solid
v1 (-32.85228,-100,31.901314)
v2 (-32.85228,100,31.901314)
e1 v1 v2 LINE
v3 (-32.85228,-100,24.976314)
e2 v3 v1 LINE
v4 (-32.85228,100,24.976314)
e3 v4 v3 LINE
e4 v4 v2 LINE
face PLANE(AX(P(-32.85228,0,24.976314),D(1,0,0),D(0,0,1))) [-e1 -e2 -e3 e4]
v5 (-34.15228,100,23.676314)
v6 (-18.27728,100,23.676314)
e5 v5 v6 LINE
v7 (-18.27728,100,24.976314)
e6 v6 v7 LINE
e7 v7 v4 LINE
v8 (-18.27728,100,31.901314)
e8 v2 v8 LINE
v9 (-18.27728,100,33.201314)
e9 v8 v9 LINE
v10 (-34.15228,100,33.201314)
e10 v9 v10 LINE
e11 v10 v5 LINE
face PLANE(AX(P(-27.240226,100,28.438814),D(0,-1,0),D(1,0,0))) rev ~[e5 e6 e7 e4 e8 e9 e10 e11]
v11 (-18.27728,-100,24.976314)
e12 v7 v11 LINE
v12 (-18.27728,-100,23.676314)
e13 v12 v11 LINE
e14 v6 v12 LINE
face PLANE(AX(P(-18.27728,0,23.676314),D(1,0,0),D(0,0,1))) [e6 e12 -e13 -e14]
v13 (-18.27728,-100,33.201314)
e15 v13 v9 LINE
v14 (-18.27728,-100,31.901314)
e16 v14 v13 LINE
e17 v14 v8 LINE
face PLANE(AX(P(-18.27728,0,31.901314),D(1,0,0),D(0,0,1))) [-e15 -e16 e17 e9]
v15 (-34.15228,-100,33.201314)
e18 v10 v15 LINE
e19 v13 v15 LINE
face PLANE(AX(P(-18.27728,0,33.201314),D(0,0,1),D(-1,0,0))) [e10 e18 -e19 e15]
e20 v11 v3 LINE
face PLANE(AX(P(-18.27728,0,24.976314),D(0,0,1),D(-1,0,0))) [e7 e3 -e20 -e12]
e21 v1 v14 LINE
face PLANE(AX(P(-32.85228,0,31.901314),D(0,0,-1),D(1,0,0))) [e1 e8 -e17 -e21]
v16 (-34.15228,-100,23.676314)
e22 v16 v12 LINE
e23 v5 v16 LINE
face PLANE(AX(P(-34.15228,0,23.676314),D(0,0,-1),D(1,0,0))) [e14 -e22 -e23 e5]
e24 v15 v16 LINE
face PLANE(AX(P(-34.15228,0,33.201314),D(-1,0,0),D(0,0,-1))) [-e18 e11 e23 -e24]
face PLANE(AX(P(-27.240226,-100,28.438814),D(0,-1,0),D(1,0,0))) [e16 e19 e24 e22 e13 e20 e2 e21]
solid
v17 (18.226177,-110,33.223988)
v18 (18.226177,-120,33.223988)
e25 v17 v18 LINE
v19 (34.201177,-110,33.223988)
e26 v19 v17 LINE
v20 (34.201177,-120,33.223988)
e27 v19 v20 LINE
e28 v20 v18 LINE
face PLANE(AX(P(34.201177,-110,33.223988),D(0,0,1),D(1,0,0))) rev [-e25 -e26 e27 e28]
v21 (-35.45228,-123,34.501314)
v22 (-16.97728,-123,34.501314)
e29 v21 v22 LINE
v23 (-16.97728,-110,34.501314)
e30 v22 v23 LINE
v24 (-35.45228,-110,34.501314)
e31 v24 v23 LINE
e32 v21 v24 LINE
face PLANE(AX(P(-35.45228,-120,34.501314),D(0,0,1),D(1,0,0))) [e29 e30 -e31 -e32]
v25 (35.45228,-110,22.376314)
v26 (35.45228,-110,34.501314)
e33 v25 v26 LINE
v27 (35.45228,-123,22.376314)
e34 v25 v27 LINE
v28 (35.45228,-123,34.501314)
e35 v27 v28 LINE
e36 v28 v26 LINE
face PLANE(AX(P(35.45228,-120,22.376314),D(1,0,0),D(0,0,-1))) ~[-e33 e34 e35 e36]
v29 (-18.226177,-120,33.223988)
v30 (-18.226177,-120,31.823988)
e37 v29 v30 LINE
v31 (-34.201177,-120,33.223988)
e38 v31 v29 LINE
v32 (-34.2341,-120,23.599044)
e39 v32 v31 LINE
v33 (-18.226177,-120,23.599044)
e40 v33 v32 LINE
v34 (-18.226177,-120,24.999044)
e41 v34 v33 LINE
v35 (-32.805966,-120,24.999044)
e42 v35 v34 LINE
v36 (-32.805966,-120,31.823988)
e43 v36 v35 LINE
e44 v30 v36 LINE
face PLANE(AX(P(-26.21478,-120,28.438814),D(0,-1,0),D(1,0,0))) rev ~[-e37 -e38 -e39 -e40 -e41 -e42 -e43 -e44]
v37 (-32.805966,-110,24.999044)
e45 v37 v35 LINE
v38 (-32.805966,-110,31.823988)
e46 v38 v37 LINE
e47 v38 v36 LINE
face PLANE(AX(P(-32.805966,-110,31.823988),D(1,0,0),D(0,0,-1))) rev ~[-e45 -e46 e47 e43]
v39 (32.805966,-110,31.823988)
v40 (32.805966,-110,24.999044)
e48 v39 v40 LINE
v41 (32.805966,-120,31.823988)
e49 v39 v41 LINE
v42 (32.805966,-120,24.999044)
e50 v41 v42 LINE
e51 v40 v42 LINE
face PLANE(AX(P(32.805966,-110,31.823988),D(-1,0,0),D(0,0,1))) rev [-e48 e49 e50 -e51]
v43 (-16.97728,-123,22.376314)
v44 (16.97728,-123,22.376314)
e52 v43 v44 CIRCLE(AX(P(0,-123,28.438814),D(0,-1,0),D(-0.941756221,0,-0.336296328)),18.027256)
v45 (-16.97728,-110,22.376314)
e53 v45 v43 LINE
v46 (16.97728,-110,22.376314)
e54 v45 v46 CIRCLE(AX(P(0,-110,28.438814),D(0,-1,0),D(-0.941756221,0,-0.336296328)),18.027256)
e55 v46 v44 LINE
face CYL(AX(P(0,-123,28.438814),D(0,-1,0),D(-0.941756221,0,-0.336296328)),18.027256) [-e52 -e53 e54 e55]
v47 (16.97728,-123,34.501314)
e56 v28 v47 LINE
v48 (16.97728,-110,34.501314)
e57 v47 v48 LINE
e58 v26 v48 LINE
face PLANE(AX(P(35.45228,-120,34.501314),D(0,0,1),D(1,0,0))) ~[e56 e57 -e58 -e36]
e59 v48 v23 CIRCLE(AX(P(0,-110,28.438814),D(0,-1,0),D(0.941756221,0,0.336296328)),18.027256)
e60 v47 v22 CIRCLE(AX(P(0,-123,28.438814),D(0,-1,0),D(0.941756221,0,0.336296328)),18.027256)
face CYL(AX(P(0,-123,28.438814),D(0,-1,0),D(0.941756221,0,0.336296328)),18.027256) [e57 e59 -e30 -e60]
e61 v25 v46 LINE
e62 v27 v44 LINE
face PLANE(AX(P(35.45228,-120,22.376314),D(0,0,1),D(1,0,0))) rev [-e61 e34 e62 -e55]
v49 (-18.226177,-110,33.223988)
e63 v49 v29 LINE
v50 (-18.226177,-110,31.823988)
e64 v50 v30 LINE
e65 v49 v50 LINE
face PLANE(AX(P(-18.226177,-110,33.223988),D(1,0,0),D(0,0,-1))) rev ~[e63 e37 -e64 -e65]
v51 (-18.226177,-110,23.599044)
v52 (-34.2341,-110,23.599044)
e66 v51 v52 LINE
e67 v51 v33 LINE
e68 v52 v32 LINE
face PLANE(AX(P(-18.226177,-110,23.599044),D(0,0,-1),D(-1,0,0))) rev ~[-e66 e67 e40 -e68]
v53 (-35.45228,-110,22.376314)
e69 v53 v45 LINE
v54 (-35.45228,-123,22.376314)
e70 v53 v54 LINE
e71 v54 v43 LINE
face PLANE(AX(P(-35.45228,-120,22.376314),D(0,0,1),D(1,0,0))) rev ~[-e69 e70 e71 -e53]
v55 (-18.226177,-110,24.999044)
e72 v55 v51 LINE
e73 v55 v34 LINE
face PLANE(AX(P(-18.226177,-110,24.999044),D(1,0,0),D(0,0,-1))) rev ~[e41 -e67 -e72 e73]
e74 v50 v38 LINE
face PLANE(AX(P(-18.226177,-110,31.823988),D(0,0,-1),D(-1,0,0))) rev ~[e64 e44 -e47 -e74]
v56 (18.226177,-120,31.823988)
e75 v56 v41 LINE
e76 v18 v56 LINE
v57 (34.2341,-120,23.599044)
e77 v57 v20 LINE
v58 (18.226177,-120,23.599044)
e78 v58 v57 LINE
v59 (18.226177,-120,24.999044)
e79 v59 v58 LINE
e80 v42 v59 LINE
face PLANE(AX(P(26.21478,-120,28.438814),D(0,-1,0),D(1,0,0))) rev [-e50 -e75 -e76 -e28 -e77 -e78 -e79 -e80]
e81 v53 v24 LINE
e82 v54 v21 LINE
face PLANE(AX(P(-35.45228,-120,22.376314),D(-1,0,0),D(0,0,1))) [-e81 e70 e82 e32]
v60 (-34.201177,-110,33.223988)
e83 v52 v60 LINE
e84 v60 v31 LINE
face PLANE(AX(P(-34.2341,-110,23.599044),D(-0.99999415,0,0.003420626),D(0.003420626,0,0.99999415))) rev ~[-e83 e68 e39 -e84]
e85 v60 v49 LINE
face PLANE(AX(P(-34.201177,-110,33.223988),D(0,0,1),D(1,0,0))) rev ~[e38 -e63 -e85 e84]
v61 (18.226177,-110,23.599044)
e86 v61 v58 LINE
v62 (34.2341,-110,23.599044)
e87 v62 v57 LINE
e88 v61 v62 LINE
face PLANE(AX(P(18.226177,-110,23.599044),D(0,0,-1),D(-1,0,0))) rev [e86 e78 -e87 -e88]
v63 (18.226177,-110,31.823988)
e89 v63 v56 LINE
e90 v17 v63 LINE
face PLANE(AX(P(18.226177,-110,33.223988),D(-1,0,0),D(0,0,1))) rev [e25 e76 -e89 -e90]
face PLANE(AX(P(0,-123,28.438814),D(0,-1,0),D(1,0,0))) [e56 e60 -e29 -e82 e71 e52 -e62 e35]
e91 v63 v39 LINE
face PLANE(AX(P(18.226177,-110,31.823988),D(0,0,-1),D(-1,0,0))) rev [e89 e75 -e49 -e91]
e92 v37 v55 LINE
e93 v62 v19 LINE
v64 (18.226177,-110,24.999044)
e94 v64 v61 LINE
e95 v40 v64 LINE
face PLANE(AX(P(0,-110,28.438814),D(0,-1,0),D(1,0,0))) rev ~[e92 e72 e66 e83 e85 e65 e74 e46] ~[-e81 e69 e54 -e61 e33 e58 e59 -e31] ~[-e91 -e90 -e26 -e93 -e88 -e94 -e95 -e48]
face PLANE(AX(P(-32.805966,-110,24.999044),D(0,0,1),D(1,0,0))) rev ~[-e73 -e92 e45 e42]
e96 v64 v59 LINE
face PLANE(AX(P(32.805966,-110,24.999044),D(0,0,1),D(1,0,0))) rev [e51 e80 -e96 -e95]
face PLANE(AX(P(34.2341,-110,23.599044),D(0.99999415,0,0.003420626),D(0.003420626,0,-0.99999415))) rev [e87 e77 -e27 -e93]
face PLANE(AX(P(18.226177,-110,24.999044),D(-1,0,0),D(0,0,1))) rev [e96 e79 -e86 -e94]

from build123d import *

# Parameters (mm, degrees)
F1_DEPTH = 100
F3_W     = 18.475
F3_H     = 12.125
F4_DEPTH = 10
F5_W     = 18.475
F5_H     = 12.125
F6_DEPTH = 3
F8_W     = 33.9545609808
F8_H     = 12.125
F9_DEPTH = 13


with BuildPart() as f1:
    # F0 (on Front) → F1 (new body, symmetric)
    with BuildSketch(Plane.XZ):
        Polygon((-18.2772804904, 33.2013138086), (-34.1522804904, 33.2013138086), (-34.1522804904, 23.6763138086), (-18.2772804904, 23.6763138086), (-18.2772804904, 24.9763138086), (-32.8522804904, 24.9763138086), (-32.8522804904, 31.9013138086), (-18.2772804904, 31.9013138086), align=None)
    extrude(amount=F1_DEPTH, both=True)


with BuildPart() as f4:
    # F3 (on offset) → F4 (new body)
    with BuildSketch(Plane.XZ.offset(110)):
        with Locations((-26.2147804904, 28.4388138086)):
            Rectangle(F3_W, F3_H)
        Polygon((-34.234100264, 23.5990439316), (-34.2011767374, 33.2239876219), (-18.2261767374, 33.2239876219), (-18.2261767374, 31.8239876219), (-32.8059656421, 31.8239876219), (-32.8059656421, 24.9990439316), (-18.2261767374, 24.9990439316), (-18.2261767374, 23.5990439316), align=None, mode=Mode.SUBTRACT)
    extrude(amount=F4_DEPTH)

    # F5 (on face) → F6 (join)
    with BuildSketch(Plane.XZ.offset(120)):
        with Locations((-26.2147804904, 28.4388138086)):
            Rectangle(F5_W, F5_H)
    extrude(amount=F6_DEPTH)


with BuildPart() as f7_1:
    # F7: instance of F4
    add(f4.part.mirror(Plane.YZ))


with BuildPart() as f4_1:
    add(f4.part)

    add(f7_1.part)  # F9 merges F7_1
    # F8 (on face) → F9 (join, through all)
    with BuildSketch(Plane.XZ.offset(123)):
        with Locations((0, 28.4388138086)):
            Rectangle(F8_W, F8_H)
        with BuildLine():
            ThreePointArc((16.9772804904, 34.5013138086), (0, 46.4660698144), (-16.9772804904, 34.5013138086))
            Line((-16.9772804904, 34.5013138086), (16.9772804904, 34.5013138086))
        make_face()
        with BuildLine():
            Line((16.9772804904, 22.3763138086), (-16.9772804904, 22.3763138086))
            ThreePointArc((-16.9772804904, 22.3763138086), (0, 10.4115578028), (16.9772804904, 22.3763138086))
        make_face()
    extrude(amount=-F9_DEPTH)


solid = Compound([f1.part, f4_1.part])
